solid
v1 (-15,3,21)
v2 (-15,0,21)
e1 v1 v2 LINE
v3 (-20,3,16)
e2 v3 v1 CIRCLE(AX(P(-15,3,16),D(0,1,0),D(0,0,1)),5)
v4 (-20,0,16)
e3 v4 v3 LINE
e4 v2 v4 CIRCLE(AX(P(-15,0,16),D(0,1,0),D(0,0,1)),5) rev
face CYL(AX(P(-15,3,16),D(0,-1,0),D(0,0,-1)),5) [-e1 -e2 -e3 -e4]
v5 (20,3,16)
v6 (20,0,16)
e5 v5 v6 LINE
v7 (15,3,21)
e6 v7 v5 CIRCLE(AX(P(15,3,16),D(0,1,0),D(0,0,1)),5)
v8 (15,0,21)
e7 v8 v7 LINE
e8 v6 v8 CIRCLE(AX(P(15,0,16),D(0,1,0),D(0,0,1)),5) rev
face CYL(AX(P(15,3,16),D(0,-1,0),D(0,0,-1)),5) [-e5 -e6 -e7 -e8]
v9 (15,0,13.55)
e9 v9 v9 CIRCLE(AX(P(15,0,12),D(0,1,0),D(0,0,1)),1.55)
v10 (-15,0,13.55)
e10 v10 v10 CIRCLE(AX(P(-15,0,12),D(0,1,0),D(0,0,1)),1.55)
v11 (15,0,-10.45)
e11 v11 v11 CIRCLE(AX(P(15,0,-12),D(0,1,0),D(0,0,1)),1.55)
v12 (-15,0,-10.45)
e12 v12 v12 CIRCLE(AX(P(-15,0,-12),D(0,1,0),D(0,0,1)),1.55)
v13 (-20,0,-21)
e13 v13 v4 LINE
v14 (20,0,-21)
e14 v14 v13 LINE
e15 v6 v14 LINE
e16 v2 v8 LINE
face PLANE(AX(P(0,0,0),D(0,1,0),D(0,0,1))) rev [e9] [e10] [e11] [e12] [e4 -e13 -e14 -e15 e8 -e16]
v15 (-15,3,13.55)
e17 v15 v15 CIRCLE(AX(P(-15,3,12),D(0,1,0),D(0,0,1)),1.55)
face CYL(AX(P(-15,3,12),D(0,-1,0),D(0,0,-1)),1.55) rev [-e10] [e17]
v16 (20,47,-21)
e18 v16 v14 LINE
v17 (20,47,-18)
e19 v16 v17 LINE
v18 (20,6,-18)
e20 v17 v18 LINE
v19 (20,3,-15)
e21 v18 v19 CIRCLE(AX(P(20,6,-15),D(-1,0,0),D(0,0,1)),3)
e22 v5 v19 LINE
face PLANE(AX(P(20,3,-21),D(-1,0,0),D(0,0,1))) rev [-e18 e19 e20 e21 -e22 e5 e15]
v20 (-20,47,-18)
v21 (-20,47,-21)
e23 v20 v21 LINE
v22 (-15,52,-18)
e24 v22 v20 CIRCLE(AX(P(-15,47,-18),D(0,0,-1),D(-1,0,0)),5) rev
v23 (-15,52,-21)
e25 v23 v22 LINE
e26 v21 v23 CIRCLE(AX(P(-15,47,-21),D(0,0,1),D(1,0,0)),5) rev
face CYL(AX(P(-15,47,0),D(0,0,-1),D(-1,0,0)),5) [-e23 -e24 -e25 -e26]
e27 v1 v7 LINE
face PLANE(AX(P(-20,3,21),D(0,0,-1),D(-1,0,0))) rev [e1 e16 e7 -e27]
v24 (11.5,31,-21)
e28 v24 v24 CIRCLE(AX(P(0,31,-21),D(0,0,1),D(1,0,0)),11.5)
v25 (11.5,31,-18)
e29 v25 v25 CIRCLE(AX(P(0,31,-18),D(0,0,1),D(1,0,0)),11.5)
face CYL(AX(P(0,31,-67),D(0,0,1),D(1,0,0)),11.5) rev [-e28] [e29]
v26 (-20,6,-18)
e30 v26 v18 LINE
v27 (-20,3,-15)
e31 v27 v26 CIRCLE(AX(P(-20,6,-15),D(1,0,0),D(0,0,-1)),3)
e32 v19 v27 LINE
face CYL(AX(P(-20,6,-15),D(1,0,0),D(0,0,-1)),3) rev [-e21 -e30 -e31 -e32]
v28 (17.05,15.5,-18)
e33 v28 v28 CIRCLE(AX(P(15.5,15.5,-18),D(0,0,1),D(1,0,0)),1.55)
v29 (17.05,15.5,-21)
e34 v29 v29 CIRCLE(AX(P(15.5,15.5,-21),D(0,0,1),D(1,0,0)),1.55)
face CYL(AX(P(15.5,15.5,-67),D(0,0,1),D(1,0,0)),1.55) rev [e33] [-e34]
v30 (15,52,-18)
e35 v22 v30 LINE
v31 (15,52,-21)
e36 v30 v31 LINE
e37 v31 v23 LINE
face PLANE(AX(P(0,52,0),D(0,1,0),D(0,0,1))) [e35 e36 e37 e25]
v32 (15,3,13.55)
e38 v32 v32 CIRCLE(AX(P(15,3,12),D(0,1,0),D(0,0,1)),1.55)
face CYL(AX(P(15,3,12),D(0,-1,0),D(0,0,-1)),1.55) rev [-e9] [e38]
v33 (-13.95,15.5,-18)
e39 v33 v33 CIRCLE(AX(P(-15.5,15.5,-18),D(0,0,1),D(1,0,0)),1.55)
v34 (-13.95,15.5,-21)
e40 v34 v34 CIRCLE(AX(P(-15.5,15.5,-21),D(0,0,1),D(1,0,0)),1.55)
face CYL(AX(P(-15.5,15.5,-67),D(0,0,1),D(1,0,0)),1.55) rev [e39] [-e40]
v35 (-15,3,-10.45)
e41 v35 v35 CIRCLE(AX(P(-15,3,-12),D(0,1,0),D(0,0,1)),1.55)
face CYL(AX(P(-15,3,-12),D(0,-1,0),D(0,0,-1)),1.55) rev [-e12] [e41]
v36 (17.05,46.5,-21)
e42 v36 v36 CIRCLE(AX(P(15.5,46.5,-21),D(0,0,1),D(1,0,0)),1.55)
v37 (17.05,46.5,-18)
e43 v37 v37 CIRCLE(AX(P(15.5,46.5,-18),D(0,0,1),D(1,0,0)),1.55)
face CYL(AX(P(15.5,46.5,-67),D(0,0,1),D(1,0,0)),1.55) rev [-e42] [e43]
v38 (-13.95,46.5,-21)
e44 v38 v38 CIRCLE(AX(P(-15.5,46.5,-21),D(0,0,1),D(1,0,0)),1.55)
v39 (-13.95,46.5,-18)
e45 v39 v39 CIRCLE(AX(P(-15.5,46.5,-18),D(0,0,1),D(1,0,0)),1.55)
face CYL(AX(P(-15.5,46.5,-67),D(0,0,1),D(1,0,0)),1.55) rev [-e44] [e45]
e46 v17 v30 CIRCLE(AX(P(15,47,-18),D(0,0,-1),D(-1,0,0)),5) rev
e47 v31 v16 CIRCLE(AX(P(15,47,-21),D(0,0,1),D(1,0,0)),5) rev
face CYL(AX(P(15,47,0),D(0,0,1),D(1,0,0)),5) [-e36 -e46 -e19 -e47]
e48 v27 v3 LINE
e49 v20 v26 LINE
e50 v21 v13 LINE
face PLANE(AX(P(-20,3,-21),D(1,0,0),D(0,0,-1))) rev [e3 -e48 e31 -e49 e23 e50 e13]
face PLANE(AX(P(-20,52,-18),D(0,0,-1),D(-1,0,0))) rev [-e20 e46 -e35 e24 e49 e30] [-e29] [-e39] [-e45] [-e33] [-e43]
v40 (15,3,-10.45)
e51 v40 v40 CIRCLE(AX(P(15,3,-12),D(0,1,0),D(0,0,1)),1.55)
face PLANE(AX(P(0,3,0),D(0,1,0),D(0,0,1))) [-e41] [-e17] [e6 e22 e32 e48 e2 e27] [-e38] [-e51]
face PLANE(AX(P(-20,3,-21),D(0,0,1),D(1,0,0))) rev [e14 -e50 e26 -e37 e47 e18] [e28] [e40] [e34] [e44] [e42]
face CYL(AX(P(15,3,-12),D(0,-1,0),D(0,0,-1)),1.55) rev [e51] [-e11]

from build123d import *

# Parameters (mm, degrees)
SKETCH_1_W          = 40
SKETCH_1_H          = 42
SKETCH_1_R          = 1.55
EXTRUDE_1_DEPTH     = 3
SKETCH_2_W          = 40
SKETCH_2_H          = 3
EXTRUDE_2_DEPTH     = 49
SKETCH_3_R          = 11.5
SKETCH_3_R_2        = 1.55
CUT_EXTRUDE_1_DEPTH = 49
FILLET_1_R          = 5
FILLET_2_R          = 3


with BuildPart() as part:
    # 草图1 → 凸台-拉伸1 (new body)
    with BuildSketch(Plane(origin=(0, 0, 0), x_dir=(1, 0, 0), z_dir=(0, 1, 0))):
        Rectangle(SKETCH_1_W, SKETCH_1_H)
        with Locations(Location((-15, -12, 0), (0, 0, 270))):
            Circle(SKETCH_1_R, mode=Mode.SUBTRACT)
        with Locations(Location((-15, 12, 0), (0, 0, 270))):
            Circle(SKETCH_1_R, mode=Mode.SUBTRACT)
        with Locations(Location((15, 12, 0), (0, 0, 270))):
            Circle(SKETCH_1_R, mode=Mode.SUBTRACT)
        with Locations(Location((15, -12, 0), (0, 0, 270))):
            Circle(SKETCH_1_R, mode=Mode.SUBTRACT)
    extrude(amount=EXTRUDE_1_DEPTH)

    # 草图2 → 凸台-拉伸2 (add)
    with BuildSketch(Plane(origin=(0, 3, 0), x_dir=(1, 0, 0), z_dir=(0, 1, 0))):
        with Locations((0, 19.5)):
            Rectangle(SKETCH_2_W, SKETCH_2_H)
    extrude(amount=EXTRUDE_2_DEPTH)

    # 草图3 → 切除-拉伸1 (cut)
    with BuildSketch(Plane.XY.offset(-18)):
        with Locations((0, 31)):
            Circle(SKETCH_3_R)
        with Locations((-15.5, 46.5)):
            Circle(SKETCH_3_R_2)
        with Locations((15.5, 46.5)):
            Circle(SKETCH_3_R_2)
        with Locations((15.5, 15.5)):
            Circle(SKETCH_3_R_2)
        with Locations((-15.5, 15.5)):
            Circle(SKETCH_3_R_2)
    extrude(amount=-CUT_EXTRUDE_1_DEPTH, mode=Mode.SUBTRACT)

    # 圆角1
    fillet_1_edges = [part.edges().sort_by_distance(p)[0] for p in [
        (-20, 52, -19.5),
        (20, 52, -19.5),
        (20, 1.5, 21),
        (-20, 1.5, 21),
    ]]
    fillet(fillet_1_edges, radius=FILLET_1_R)

    # 圆角2
    fillet_2_edges = [part.edges().sort_by_distance(p)[0] for p in [
        (0, 3, -18),
    ]]
    fillet(fillet_2_edges, radius=FILLET_2_R)


solid = part.part
